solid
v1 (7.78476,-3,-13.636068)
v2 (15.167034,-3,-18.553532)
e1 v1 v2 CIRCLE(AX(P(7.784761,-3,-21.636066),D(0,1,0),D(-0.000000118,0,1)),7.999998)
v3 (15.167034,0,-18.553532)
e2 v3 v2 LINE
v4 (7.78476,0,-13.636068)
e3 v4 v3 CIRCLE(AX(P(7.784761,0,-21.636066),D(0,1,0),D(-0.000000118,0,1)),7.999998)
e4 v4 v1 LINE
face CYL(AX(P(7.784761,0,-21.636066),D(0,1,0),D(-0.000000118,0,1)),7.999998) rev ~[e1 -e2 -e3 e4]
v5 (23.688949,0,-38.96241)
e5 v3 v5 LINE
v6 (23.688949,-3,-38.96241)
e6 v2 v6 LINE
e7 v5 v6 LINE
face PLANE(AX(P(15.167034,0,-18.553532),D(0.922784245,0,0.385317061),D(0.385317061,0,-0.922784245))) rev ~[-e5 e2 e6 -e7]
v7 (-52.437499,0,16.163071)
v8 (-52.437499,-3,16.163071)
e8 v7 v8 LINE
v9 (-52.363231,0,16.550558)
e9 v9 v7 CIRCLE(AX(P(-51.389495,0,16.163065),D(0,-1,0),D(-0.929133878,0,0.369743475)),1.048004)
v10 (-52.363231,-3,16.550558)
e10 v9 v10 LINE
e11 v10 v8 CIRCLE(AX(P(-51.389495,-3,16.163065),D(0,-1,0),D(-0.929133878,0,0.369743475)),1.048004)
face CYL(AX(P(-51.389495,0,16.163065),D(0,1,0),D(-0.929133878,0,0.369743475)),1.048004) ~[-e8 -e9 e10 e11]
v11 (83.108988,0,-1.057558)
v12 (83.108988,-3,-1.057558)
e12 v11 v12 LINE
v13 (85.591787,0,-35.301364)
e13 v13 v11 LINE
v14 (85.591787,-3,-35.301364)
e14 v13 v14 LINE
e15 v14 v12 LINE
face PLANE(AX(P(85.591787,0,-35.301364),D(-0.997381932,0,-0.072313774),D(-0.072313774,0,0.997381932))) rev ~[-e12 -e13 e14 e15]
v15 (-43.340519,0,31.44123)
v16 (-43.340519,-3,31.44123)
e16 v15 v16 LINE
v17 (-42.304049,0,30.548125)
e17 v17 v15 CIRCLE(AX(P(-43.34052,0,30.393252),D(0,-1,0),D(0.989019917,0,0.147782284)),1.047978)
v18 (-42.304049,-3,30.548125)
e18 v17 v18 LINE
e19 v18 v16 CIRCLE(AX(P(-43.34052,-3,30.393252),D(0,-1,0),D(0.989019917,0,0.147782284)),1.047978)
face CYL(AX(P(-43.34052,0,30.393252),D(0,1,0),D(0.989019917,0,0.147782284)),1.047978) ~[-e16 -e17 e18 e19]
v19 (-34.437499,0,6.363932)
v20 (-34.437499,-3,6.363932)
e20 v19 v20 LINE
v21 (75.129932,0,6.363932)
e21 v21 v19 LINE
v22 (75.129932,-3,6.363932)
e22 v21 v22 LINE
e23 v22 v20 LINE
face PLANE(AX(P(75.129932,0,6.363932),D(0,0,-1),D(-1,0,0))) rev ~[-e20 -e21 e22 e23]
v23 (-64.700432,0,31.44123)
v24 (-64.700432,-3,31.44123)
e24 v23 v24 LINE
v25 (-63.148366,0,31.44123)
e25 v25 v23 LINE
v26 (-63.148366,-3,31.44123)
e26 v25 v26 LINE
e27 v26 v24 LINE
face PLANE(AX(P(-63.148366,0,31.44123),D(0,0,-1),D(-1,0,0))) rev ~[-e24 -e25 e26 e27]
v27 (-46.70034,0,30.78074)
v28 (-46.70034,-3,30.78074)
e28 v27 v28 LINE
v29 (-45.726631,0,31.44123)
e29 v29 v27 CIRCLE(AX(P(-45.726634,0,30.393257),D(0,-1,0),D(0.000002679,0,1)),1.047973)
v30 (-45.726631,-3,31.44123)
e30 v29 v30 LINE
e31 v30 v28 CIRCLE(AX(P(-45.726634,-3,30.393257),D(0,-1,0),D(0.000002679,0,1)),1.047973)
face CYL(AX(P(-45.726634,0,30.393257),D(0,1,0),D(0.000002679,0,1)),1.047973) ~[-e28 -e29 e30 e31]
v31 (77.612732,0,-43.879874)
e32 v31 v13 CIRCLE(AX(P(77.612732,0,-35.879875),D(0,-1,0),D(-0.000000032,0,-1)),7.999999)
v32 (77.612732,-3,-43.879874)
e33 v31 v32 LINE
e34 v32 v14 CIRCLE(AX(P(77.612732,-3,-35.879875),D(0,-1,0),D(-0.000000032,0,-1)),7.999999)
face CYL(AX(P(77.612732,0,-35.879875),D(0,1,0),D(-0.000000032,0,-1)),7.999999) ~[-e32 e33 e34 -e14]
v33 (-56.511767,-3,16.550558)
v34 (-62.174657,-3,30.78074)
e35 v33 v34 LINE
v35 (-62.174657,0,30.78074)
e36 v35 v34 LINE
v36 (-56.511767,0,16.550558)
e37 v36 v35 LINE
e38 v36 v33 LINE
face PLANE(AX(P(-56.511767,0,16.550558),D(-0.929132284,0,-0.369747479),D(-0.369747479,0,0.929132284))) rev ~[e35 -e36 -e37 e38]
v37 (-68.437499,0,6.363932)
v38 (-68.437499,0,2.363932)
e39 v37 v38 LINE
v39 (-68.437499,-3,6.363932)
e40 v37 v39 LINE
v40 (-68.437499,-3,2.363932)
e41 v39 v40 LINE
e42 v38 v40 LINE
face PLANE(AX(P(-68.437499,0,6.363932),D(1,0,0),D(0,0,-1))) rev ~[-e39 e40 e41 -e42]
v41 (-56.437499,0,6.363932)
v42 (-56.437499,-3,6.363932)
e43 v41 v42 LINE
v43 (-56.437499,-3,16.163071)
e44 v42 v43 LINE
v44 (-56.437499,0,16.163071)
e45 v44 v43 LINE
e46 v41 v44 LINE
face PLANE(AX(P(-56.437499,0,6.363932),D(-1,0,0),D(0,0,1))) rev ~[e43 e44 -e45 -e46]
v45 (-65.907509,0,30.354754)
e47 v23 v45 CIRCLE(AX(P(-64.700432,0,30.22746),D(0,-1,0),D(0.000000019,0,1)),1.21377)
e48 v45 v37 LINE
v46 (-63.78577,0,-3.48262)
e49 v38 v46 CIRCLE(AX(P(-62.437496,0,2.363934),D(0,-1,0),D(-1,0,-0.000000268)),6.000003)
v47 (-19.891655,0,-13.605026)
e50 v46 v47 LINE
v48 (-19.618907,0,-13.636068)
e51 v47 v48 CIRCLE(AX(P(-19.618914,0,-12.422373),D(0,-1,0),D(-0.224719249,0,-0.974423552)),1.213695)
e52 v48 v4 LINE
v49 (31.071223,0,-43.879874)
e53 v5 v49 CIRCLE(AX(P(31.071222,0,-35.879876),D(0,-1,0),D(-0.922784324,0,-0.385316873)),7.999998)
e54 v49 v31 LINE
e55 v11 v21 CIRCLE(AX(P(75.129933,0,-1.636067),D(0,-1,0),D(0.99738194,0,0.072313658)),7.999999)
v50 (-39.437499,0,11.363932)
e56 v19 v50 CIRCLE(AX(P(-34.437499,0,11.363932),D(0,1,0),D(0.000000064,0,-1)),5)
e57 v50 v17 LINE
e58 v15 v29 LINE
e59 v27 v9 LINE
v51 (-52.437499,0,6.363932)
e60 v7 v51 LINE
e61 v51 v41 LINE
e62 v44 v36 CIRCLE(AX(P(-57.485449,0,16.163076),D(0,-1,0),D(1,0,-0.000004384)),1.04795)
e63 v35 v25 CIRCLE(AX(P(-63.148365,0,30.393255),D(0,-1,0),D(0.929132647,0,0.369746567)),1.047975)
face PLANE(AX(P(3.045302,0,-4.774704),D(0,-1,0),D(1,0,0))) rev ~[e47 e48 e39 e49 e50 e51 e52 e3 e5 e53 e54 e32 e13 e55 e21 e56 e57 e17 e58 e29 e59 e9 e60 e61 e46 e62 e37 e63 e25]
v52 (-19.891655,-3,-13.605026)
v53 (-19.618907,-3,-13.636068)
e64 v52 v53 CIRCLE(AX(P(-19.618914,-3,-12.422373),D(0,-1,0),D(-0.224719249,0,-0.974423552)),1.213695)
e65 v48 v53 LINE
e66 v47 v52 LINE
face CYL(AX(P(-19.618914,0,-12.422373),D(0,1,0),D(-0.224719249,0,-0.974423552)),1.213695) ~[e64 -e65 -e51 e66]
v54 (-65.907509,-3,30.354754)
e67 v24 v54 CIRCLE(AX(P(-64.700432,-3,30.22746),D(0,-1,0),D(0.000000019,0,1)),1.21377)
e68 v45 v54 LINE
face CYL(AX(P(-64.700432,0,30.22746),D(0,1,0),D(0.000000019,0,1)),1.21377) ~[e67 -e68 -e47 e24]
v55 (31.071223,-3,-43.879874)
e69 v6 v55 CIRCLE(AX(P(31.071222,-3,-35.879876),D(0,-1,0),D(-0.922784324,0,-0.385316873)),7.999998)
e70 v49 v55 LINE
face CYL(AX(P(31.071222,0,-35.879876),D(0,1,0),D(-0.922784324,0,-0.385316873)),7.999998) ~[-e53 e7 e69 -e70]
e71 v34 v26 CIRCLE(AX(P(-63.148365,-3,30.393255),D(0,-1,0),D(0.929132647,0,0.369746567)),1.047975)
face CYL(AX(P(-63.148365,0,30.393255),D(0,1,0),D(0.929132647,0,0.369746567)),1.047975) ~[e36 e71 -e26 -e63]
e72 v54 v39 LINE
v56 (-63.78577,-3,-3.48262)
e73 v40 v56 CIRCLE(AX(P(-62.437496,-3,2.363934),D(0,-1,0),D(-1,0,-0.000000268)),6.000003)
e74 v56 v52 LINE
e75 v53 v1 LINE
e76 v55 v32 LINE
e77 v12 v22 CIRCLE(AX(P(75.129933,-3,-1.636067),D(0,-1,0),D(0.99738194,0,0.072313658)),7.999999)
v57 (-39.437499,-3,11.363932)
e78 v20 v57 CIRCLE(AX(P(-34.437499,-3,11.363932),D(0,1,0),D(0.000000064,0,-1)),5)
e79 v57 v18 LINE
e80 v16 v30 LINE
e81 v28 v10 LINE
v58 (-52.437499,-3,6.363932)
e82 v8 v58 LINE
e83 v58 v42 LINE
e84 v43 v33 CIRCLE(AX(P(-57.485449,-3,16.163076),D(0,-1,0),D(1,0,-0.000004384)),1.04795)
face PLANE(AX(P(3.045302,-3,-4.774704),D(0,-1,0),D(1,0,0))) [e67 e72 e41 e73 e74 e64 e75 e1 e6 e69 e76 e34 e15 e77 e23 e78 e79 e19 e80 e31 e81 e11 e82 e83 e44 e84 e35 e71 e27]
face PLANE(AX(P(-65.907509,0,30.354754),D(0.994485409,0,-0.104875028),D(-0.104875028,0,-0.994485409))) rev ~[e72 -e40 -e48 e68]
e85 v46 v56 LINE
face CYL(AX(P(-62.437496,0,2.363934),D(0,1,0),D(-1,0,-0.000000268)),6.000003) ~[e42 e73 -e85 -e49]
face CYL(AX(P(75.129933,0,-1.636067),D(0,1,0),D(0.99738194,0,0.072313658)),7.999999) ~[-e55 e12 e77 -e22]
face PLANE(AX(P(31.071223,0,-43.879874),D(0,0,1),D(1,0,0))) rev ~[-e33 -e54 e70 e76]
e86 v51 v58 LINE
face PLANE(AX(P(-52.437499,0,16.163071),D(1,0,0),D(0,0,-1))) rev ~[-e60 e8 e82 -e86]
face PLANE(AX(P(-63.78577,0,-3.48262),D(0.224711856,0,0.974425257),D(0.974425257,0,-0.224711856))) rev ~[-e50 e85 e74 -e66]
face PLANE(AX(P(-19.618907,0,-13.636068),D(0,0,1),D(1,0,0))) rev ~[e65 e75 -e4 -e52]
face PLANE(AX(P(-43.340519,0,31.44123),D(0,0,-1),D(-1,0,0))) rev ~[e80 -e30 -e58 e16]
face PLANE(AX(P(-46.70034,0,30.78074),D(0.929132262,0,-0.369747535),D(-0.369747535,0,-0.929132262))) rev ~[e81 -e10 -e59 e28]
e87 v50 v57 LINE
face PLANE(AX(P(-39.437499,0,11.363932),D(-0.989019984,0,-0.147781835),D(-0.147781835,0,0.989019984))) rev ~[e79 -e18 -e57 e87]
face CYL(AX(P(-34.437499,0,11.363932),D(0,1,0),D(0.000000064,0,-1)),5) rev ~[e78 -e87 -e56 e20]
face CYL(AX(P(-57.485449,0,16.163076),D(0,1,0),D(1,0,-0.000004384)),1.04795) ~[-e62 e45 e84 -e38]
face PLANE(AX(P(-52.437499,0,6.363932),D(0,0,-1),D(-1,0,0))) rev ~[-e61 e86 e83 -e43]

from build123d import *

# Parameters (mm, degrees)
F1_DEPTH = 3


with BuildPart() as f1:
    # F0 (on Front) → F1 (new body)
    with BuildSketch(Plane.XZ):
        with BuildLine():
            Line((75.129932, 6.363932), (-34.437499, 6.363932))
            ThreePointArc((-34.437499, 6.363932), (-37.973033, 7.828398), (-39.437499, 11.363932))
            Line((-39.437499, 11.363932), (-42.304049, 30.548125))
            ThreePointArc((-42.304049, 30.548125), (-42.656431, 31.187154), (-43.340519, 31.44123))
            Line((-43.340519, 31.44123), (-45.726631, 31.44123))
            ThreePointArc((-45.726631, 31.44123), (-46.314925, 31.260529), (-46.70034, 30.78074))
            Line((-46.70034, 30.78074), (-52.363231, 16.550558))
            ThreePointArc((-52.363231, 16.550558), (-52.418764, 16.360341), (-52.437499, 16.163071))
            Line((-52.437499, 16.163071), (-52.437499, 6.363932))
            Line((-52.437499, 6.363932), (-56.437499, 6.363932))
            Line((-56.437499, 6.363932), (-56.437499, 16.163071))
            ThreePointArc((-56.437499, 16.163071), (-56.456233, 16.360341), (-56.511767, 16.550558))
            Line((-56.511767, 16.550558), (-62.174657, 30.78074))
            ThreePointArc((-62.174657, 30.78074), (-62.560073, 31.260529), (-63.148366, 31.44123))
            Line((-63.148366, 31.44123), (-64.700432, 31.44123))
            ThreePointArc((-64.700432, 31.44123), (-65.512445, 31.129609), (-65.907509, 30.354754))
            Line((-65.907509, 30.354754), (-68.437499, 6.363932))
            Line((-68.437499, 6.363932), (-68.437499, 2.363932))
            ThreePointArc((-68.437499, 2.363932), (-67.132689, -1.371732), (-63.78577, -3.48262))
            Line((-63.78577, -3.48262), (-19.891655, -13.605026))
            ThreePointArc((-19.891655, -13.605026), (-19.756161, -13.628283), (-19.618907, -13.636068))
            Line((-19.618907, -13.636068), (7.78476, -13.636068))
            ThreePointArc((7.78476, -13.636068), (12.219831, -14.977979), (15.167034, -18.553532))
            Line((15.167034, -18.553532), (23.688949, -38.96241))
            ThreePointArc((23.688949, -38.96241), (26.636152, -42.537963), (31.071223, -43.879874))
            Line((31.071223, -43.879874), (77.612732, -43.879874))
            ThreePointArc((77.612732, -43.879874), (83.470551, -41.328356), (85.591787, -35.301364))
            Line((85.591787, -35.301364), (83.108988, -1.057558))
            ThreePointArc((83.108988, -1.057558), (80.578415, 4.221751), (75.129932, 6.363932))
        make_face()
    extrude(amount=F1_DEPTH)


solid = f1.part
